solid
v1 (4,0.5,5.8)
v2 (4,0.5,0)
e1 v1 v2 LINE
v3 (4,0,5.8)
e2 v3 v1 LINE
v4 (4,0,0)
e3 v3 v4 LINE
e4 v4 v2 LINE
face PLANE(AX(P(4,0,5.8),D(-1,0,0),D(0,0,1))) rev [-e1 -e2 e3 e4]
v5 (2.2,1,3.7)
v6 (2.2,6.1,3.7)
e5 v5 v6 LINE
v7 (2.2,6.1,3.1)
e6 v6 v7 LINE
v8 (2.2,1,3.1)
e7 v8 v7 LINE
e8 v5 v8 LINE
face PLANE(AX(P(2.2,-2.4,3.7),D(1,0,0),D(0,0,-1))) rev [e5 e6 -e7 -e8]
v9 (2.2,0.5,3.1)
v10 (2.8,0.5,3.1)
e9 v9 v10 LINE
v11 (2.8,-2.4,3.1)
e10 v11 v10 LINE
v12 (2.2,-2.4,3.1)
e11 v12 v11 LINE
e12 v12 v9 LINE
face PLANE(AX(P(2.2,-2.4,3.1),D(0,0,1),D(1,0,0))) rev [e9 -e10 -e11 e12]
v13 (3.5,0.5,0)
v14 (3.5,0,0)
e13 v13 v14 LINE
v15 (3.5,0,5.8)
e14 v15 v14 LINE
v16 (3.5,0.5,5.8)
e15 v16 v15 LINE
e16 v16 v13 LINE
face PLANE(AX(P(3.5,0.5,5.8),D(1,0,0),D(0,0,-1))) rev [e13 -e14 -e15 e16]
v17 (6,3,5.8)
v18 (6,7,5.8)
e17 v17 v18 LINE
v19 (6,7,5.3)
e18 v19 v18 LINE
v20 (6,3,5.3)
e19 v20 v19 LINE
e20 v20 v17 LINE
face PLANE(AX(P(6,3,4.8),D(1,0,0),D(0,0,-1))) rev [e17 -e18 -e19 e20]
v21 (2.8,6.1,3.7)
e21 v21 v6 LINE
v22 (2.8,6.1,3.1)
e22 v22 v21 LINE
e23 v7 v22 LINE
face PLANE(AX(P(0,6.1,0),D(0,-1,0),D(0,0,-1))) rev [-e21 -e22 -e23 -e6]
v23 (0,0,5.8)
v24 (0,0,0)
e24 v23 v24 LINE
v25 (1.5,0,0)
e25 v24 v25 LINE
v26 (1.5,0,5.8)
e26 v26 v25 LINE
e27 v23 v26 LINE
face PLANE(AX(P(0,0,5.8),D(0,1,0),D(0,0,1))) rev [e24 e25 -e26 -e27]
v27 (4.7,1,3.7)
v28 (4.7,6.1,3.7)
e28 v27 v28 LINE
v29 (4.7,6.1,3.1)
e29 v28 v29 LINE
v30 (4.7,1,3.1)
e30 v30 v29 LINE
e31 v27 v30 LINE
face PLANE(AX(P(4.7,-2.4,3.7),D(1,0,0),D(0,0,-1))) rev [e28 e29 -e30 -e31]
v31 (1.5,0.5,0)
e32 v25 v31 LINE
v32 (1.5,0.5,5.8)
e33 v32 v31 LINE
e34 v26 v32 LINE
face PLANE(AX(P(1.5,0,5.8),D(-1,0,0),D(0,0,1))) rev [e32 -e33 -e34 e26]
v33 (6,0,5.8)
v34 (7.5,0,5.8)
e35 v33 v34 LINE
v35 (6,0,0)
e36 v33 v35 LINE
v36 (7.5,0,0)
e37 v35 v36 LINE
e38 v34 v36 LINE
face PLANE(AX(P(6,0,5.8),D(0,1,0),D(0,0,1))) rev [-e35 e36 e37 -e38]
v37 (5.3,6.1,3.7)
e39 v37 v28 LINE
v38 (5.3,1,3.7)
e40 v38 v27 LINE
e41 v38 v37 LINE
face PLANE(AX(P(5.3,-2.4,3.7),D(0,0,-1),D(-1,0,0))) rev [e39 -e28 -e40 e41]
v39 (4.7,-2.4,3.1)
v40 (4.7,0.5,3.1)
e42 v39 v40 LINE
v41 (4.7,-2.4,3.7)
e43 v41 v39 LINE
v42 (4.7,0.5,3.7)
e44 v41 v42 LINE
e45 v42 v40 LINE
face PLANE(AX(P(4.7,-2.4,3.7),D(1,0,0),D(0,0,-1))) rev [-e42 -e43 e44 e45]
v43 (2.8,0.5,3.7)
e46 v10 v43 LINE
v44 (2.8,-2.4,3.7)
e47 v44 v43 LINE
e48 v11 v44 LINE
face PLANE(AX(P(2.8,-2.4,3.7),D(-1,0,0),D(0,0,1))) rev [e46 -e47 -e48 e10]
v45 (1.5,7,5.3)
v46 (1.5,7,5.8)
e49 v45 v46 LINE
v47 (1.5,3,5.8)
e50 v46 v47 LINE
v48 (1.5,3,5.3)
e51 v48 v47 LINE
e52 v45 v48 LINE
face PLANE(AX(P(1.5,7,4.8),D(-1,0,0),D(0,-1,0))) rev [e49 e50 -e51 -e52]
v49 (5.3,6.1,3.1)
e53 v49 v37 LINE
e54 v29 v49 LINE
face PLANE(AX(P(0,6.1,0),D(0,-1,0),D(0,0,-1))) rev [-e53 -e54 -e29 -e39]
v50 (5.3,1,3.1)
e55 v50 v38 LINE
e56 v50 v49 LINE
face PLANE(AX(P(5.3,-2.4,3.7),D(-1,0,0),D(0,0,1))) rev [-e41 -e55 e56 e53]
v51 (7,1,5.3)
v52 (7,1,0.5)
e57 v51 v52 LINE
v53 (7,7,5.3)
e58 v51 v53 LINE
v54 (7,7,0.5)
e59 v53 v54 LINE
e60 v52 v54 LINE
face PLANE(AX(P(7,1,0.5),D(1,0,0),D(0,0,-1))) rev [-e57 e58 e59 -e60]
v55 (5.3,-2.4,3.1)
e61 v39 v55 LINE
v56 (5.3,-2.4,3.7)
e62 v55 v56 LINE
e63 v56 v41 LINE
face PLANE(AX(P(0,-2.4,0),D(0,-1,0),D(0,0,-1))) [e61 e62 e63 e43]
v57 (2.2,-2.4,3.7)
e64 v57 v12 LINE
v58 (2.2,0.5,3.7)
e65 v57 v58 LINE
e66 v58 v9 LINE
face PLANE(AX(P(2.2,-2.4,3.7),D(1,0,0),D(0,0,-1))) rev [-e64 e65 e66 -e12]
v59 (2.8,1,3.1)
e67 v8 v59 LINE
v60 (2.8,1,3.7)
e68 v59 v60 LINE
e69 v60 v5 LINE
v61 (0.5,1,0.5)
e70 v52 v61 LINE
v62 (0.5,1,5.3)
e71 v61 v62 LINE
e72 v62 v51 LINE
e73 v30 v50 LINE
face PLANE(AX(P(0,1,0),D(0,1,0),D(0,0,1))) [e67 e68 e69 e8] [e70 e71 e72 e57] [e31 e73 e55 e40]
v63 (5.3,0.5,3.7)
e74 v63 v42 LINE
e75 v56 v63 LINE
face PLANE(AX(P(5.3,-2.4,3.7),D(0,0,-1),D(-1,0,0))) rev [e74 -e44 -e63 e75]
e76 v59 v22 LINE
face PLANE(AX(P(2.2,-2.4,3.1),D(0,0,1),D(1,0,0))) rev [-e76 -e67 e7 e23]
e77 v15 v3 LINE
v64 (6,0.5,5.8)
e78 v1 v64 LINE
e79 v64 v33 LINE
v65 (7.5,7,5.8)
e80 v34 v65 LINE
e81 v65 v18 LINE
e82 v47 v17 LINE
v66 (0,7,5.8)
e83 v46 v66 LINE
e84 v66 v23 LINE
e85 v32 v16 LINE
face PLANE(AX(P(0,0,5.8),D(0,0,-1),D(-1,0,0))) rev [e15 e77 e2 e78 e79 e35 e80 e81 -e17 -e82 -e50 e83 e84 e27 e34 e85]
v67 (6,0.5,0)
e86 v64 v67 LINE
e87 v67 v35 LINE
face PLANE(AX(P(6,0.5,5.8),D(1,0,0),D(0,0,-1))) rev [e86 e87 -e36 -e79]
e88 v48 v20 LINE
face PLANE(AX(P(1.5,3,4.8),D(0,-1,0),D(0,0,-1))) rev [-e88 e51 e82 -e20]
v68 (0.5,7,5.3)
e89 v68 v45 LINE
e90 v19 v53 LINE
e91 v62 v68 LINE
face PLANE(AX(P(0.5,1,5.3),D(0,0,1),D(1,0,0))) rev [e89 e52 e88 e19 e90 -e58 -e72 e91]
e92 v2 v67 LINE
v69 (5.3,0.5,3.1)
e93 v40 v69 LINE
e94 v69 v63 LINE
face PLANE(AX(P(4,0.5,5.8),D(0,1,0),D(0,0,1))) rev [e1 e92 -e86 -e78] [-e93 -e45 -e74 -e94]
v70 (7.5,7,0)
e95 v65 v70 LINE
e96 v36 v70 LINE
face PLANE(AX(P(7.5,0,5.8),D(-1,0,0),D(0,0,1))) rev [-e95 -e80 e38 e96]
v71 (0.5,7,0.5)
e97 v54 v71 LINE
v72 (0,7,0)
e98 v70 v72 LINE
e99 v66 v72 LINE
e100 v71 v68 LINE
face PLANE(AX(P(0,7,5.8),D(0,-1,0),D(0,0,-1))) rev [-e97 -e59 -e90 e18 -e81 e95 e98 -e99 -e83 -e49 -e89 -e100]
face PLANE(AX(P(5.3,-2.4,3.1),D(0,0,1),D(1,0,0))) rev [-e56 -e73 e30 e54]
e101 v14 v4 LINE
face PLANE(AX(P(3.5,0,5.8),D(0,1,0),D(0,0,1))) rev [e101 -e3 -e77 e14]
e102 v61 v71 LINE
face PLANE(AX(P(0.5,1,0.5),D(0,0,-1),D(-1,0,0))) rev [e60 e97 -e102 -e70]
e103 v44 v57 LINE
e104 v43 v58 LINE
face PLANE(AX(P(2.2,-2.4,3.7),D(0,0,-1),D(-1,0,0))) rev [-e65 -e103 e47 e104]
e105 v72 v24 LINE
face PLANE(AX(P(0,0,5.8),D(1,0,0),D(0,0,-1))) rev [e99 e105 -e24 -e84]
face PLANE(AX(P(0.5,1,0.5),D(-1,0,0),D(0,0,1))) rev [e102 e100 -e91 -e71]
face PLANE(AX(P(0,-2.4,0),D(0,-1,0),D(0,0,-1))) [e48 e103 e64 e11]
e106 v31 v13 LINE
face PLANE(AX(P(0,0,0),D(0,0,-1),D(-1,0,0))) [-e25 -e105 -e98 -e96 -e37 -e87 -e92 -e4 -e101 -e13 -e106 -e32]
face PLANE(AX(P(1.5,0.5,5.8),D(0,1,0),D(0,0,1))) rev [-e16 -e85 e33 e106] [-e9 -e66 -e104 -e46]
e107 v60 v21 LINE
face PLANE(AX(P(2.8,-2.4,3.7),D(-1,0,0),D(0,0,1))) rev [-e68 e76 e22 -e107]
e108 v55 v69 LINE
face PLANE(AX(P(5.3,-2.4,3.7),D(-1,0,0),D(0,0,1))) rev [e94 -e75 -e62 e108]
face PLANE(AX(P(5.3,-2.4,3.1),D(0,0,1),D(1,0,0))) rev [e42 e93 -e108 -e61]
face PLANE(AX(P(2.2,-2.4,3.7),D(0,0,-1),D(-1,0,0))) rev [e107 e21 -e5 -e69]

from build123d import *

# Parameters (mm, degrees)
EXTRUDE_1_DEPTH      = 5.8
SKETCH_2_W           = 6.5
SKETCH_2_H           = 4.8
CUT_EXTRUDE_1_DEPTH  = 6
SKETCH_3_W           = 0.6
SKETCH_3_H           = 0.6
EXTRUDE_2_DEPTH      = 2.4
EXTRUDE_2_DEPTH_BACK = 6.1
SKETCH_5_W           = 4.5
SKETCH_5_H           = 4
CUT_EXTRUDE_2_DEPTH  = 1


with BuildPart() as part:
    # 草图1 → 凸台-拉伸1 (new body)
    with BuildSketch(Plane.XY):
        Polygon((1.5, 0), (1.5, 0.5), (3.5, 0.5), (3.5, 0), (4, 0), (4, 0.5), (6, 0.5), (6, 0), (7.5, 0), (7.5, 7), (0, 7), (0, 0), align=None)
    extrude(amount=EXTRUDE_1_DEPTH)

    # 草图2 → 切除-拉伸1 (cut)
    with BuildSketch(Plane(origin=(0, 7, 0), x_dir=(1, 0, 0), z_dir=(0, 1, 0))):
        with Locations((3.75, -2.9)):
            Rectangle(SKETCH_2_W, SKETCH_2_H)
    extrude(amount=-CUT_EXTRUDE_1_DEPTH, mode=Mode.SUBTRACT)

    # 草图3 → 凸台-拉伸2 (add, two sides)
    with BuildSketch(Plane.XZ) as extrude_2_sk:
        with Locations((2.5, 3.4)):
            Rectangle(SKETCH_3_W, SKETCH_3_H)
        with Locations((5, 3.4)):
            Rectangle(SKETCH_3_W, SKETCH_3_H)
    extrude(amount=EXTRUDE_2_DEPTH)
    extrude(extrude_2_sk.sketch, amount=-EXTRUDE_2_DEPTH_BACK)

    # 草图5 → 切除-拉伸2 (cut)
    with BuildSketch(Plane.XY.offset(5.8)):
        with Locations((3.75, 5)):
            Rectangle(SKETCH_5_W, SKETCH_5_H)
    extrude(amount=-CUT_EXTRUDE_2_DEPTH, mode=Mode.SUBTRACT)


solid = part.part
